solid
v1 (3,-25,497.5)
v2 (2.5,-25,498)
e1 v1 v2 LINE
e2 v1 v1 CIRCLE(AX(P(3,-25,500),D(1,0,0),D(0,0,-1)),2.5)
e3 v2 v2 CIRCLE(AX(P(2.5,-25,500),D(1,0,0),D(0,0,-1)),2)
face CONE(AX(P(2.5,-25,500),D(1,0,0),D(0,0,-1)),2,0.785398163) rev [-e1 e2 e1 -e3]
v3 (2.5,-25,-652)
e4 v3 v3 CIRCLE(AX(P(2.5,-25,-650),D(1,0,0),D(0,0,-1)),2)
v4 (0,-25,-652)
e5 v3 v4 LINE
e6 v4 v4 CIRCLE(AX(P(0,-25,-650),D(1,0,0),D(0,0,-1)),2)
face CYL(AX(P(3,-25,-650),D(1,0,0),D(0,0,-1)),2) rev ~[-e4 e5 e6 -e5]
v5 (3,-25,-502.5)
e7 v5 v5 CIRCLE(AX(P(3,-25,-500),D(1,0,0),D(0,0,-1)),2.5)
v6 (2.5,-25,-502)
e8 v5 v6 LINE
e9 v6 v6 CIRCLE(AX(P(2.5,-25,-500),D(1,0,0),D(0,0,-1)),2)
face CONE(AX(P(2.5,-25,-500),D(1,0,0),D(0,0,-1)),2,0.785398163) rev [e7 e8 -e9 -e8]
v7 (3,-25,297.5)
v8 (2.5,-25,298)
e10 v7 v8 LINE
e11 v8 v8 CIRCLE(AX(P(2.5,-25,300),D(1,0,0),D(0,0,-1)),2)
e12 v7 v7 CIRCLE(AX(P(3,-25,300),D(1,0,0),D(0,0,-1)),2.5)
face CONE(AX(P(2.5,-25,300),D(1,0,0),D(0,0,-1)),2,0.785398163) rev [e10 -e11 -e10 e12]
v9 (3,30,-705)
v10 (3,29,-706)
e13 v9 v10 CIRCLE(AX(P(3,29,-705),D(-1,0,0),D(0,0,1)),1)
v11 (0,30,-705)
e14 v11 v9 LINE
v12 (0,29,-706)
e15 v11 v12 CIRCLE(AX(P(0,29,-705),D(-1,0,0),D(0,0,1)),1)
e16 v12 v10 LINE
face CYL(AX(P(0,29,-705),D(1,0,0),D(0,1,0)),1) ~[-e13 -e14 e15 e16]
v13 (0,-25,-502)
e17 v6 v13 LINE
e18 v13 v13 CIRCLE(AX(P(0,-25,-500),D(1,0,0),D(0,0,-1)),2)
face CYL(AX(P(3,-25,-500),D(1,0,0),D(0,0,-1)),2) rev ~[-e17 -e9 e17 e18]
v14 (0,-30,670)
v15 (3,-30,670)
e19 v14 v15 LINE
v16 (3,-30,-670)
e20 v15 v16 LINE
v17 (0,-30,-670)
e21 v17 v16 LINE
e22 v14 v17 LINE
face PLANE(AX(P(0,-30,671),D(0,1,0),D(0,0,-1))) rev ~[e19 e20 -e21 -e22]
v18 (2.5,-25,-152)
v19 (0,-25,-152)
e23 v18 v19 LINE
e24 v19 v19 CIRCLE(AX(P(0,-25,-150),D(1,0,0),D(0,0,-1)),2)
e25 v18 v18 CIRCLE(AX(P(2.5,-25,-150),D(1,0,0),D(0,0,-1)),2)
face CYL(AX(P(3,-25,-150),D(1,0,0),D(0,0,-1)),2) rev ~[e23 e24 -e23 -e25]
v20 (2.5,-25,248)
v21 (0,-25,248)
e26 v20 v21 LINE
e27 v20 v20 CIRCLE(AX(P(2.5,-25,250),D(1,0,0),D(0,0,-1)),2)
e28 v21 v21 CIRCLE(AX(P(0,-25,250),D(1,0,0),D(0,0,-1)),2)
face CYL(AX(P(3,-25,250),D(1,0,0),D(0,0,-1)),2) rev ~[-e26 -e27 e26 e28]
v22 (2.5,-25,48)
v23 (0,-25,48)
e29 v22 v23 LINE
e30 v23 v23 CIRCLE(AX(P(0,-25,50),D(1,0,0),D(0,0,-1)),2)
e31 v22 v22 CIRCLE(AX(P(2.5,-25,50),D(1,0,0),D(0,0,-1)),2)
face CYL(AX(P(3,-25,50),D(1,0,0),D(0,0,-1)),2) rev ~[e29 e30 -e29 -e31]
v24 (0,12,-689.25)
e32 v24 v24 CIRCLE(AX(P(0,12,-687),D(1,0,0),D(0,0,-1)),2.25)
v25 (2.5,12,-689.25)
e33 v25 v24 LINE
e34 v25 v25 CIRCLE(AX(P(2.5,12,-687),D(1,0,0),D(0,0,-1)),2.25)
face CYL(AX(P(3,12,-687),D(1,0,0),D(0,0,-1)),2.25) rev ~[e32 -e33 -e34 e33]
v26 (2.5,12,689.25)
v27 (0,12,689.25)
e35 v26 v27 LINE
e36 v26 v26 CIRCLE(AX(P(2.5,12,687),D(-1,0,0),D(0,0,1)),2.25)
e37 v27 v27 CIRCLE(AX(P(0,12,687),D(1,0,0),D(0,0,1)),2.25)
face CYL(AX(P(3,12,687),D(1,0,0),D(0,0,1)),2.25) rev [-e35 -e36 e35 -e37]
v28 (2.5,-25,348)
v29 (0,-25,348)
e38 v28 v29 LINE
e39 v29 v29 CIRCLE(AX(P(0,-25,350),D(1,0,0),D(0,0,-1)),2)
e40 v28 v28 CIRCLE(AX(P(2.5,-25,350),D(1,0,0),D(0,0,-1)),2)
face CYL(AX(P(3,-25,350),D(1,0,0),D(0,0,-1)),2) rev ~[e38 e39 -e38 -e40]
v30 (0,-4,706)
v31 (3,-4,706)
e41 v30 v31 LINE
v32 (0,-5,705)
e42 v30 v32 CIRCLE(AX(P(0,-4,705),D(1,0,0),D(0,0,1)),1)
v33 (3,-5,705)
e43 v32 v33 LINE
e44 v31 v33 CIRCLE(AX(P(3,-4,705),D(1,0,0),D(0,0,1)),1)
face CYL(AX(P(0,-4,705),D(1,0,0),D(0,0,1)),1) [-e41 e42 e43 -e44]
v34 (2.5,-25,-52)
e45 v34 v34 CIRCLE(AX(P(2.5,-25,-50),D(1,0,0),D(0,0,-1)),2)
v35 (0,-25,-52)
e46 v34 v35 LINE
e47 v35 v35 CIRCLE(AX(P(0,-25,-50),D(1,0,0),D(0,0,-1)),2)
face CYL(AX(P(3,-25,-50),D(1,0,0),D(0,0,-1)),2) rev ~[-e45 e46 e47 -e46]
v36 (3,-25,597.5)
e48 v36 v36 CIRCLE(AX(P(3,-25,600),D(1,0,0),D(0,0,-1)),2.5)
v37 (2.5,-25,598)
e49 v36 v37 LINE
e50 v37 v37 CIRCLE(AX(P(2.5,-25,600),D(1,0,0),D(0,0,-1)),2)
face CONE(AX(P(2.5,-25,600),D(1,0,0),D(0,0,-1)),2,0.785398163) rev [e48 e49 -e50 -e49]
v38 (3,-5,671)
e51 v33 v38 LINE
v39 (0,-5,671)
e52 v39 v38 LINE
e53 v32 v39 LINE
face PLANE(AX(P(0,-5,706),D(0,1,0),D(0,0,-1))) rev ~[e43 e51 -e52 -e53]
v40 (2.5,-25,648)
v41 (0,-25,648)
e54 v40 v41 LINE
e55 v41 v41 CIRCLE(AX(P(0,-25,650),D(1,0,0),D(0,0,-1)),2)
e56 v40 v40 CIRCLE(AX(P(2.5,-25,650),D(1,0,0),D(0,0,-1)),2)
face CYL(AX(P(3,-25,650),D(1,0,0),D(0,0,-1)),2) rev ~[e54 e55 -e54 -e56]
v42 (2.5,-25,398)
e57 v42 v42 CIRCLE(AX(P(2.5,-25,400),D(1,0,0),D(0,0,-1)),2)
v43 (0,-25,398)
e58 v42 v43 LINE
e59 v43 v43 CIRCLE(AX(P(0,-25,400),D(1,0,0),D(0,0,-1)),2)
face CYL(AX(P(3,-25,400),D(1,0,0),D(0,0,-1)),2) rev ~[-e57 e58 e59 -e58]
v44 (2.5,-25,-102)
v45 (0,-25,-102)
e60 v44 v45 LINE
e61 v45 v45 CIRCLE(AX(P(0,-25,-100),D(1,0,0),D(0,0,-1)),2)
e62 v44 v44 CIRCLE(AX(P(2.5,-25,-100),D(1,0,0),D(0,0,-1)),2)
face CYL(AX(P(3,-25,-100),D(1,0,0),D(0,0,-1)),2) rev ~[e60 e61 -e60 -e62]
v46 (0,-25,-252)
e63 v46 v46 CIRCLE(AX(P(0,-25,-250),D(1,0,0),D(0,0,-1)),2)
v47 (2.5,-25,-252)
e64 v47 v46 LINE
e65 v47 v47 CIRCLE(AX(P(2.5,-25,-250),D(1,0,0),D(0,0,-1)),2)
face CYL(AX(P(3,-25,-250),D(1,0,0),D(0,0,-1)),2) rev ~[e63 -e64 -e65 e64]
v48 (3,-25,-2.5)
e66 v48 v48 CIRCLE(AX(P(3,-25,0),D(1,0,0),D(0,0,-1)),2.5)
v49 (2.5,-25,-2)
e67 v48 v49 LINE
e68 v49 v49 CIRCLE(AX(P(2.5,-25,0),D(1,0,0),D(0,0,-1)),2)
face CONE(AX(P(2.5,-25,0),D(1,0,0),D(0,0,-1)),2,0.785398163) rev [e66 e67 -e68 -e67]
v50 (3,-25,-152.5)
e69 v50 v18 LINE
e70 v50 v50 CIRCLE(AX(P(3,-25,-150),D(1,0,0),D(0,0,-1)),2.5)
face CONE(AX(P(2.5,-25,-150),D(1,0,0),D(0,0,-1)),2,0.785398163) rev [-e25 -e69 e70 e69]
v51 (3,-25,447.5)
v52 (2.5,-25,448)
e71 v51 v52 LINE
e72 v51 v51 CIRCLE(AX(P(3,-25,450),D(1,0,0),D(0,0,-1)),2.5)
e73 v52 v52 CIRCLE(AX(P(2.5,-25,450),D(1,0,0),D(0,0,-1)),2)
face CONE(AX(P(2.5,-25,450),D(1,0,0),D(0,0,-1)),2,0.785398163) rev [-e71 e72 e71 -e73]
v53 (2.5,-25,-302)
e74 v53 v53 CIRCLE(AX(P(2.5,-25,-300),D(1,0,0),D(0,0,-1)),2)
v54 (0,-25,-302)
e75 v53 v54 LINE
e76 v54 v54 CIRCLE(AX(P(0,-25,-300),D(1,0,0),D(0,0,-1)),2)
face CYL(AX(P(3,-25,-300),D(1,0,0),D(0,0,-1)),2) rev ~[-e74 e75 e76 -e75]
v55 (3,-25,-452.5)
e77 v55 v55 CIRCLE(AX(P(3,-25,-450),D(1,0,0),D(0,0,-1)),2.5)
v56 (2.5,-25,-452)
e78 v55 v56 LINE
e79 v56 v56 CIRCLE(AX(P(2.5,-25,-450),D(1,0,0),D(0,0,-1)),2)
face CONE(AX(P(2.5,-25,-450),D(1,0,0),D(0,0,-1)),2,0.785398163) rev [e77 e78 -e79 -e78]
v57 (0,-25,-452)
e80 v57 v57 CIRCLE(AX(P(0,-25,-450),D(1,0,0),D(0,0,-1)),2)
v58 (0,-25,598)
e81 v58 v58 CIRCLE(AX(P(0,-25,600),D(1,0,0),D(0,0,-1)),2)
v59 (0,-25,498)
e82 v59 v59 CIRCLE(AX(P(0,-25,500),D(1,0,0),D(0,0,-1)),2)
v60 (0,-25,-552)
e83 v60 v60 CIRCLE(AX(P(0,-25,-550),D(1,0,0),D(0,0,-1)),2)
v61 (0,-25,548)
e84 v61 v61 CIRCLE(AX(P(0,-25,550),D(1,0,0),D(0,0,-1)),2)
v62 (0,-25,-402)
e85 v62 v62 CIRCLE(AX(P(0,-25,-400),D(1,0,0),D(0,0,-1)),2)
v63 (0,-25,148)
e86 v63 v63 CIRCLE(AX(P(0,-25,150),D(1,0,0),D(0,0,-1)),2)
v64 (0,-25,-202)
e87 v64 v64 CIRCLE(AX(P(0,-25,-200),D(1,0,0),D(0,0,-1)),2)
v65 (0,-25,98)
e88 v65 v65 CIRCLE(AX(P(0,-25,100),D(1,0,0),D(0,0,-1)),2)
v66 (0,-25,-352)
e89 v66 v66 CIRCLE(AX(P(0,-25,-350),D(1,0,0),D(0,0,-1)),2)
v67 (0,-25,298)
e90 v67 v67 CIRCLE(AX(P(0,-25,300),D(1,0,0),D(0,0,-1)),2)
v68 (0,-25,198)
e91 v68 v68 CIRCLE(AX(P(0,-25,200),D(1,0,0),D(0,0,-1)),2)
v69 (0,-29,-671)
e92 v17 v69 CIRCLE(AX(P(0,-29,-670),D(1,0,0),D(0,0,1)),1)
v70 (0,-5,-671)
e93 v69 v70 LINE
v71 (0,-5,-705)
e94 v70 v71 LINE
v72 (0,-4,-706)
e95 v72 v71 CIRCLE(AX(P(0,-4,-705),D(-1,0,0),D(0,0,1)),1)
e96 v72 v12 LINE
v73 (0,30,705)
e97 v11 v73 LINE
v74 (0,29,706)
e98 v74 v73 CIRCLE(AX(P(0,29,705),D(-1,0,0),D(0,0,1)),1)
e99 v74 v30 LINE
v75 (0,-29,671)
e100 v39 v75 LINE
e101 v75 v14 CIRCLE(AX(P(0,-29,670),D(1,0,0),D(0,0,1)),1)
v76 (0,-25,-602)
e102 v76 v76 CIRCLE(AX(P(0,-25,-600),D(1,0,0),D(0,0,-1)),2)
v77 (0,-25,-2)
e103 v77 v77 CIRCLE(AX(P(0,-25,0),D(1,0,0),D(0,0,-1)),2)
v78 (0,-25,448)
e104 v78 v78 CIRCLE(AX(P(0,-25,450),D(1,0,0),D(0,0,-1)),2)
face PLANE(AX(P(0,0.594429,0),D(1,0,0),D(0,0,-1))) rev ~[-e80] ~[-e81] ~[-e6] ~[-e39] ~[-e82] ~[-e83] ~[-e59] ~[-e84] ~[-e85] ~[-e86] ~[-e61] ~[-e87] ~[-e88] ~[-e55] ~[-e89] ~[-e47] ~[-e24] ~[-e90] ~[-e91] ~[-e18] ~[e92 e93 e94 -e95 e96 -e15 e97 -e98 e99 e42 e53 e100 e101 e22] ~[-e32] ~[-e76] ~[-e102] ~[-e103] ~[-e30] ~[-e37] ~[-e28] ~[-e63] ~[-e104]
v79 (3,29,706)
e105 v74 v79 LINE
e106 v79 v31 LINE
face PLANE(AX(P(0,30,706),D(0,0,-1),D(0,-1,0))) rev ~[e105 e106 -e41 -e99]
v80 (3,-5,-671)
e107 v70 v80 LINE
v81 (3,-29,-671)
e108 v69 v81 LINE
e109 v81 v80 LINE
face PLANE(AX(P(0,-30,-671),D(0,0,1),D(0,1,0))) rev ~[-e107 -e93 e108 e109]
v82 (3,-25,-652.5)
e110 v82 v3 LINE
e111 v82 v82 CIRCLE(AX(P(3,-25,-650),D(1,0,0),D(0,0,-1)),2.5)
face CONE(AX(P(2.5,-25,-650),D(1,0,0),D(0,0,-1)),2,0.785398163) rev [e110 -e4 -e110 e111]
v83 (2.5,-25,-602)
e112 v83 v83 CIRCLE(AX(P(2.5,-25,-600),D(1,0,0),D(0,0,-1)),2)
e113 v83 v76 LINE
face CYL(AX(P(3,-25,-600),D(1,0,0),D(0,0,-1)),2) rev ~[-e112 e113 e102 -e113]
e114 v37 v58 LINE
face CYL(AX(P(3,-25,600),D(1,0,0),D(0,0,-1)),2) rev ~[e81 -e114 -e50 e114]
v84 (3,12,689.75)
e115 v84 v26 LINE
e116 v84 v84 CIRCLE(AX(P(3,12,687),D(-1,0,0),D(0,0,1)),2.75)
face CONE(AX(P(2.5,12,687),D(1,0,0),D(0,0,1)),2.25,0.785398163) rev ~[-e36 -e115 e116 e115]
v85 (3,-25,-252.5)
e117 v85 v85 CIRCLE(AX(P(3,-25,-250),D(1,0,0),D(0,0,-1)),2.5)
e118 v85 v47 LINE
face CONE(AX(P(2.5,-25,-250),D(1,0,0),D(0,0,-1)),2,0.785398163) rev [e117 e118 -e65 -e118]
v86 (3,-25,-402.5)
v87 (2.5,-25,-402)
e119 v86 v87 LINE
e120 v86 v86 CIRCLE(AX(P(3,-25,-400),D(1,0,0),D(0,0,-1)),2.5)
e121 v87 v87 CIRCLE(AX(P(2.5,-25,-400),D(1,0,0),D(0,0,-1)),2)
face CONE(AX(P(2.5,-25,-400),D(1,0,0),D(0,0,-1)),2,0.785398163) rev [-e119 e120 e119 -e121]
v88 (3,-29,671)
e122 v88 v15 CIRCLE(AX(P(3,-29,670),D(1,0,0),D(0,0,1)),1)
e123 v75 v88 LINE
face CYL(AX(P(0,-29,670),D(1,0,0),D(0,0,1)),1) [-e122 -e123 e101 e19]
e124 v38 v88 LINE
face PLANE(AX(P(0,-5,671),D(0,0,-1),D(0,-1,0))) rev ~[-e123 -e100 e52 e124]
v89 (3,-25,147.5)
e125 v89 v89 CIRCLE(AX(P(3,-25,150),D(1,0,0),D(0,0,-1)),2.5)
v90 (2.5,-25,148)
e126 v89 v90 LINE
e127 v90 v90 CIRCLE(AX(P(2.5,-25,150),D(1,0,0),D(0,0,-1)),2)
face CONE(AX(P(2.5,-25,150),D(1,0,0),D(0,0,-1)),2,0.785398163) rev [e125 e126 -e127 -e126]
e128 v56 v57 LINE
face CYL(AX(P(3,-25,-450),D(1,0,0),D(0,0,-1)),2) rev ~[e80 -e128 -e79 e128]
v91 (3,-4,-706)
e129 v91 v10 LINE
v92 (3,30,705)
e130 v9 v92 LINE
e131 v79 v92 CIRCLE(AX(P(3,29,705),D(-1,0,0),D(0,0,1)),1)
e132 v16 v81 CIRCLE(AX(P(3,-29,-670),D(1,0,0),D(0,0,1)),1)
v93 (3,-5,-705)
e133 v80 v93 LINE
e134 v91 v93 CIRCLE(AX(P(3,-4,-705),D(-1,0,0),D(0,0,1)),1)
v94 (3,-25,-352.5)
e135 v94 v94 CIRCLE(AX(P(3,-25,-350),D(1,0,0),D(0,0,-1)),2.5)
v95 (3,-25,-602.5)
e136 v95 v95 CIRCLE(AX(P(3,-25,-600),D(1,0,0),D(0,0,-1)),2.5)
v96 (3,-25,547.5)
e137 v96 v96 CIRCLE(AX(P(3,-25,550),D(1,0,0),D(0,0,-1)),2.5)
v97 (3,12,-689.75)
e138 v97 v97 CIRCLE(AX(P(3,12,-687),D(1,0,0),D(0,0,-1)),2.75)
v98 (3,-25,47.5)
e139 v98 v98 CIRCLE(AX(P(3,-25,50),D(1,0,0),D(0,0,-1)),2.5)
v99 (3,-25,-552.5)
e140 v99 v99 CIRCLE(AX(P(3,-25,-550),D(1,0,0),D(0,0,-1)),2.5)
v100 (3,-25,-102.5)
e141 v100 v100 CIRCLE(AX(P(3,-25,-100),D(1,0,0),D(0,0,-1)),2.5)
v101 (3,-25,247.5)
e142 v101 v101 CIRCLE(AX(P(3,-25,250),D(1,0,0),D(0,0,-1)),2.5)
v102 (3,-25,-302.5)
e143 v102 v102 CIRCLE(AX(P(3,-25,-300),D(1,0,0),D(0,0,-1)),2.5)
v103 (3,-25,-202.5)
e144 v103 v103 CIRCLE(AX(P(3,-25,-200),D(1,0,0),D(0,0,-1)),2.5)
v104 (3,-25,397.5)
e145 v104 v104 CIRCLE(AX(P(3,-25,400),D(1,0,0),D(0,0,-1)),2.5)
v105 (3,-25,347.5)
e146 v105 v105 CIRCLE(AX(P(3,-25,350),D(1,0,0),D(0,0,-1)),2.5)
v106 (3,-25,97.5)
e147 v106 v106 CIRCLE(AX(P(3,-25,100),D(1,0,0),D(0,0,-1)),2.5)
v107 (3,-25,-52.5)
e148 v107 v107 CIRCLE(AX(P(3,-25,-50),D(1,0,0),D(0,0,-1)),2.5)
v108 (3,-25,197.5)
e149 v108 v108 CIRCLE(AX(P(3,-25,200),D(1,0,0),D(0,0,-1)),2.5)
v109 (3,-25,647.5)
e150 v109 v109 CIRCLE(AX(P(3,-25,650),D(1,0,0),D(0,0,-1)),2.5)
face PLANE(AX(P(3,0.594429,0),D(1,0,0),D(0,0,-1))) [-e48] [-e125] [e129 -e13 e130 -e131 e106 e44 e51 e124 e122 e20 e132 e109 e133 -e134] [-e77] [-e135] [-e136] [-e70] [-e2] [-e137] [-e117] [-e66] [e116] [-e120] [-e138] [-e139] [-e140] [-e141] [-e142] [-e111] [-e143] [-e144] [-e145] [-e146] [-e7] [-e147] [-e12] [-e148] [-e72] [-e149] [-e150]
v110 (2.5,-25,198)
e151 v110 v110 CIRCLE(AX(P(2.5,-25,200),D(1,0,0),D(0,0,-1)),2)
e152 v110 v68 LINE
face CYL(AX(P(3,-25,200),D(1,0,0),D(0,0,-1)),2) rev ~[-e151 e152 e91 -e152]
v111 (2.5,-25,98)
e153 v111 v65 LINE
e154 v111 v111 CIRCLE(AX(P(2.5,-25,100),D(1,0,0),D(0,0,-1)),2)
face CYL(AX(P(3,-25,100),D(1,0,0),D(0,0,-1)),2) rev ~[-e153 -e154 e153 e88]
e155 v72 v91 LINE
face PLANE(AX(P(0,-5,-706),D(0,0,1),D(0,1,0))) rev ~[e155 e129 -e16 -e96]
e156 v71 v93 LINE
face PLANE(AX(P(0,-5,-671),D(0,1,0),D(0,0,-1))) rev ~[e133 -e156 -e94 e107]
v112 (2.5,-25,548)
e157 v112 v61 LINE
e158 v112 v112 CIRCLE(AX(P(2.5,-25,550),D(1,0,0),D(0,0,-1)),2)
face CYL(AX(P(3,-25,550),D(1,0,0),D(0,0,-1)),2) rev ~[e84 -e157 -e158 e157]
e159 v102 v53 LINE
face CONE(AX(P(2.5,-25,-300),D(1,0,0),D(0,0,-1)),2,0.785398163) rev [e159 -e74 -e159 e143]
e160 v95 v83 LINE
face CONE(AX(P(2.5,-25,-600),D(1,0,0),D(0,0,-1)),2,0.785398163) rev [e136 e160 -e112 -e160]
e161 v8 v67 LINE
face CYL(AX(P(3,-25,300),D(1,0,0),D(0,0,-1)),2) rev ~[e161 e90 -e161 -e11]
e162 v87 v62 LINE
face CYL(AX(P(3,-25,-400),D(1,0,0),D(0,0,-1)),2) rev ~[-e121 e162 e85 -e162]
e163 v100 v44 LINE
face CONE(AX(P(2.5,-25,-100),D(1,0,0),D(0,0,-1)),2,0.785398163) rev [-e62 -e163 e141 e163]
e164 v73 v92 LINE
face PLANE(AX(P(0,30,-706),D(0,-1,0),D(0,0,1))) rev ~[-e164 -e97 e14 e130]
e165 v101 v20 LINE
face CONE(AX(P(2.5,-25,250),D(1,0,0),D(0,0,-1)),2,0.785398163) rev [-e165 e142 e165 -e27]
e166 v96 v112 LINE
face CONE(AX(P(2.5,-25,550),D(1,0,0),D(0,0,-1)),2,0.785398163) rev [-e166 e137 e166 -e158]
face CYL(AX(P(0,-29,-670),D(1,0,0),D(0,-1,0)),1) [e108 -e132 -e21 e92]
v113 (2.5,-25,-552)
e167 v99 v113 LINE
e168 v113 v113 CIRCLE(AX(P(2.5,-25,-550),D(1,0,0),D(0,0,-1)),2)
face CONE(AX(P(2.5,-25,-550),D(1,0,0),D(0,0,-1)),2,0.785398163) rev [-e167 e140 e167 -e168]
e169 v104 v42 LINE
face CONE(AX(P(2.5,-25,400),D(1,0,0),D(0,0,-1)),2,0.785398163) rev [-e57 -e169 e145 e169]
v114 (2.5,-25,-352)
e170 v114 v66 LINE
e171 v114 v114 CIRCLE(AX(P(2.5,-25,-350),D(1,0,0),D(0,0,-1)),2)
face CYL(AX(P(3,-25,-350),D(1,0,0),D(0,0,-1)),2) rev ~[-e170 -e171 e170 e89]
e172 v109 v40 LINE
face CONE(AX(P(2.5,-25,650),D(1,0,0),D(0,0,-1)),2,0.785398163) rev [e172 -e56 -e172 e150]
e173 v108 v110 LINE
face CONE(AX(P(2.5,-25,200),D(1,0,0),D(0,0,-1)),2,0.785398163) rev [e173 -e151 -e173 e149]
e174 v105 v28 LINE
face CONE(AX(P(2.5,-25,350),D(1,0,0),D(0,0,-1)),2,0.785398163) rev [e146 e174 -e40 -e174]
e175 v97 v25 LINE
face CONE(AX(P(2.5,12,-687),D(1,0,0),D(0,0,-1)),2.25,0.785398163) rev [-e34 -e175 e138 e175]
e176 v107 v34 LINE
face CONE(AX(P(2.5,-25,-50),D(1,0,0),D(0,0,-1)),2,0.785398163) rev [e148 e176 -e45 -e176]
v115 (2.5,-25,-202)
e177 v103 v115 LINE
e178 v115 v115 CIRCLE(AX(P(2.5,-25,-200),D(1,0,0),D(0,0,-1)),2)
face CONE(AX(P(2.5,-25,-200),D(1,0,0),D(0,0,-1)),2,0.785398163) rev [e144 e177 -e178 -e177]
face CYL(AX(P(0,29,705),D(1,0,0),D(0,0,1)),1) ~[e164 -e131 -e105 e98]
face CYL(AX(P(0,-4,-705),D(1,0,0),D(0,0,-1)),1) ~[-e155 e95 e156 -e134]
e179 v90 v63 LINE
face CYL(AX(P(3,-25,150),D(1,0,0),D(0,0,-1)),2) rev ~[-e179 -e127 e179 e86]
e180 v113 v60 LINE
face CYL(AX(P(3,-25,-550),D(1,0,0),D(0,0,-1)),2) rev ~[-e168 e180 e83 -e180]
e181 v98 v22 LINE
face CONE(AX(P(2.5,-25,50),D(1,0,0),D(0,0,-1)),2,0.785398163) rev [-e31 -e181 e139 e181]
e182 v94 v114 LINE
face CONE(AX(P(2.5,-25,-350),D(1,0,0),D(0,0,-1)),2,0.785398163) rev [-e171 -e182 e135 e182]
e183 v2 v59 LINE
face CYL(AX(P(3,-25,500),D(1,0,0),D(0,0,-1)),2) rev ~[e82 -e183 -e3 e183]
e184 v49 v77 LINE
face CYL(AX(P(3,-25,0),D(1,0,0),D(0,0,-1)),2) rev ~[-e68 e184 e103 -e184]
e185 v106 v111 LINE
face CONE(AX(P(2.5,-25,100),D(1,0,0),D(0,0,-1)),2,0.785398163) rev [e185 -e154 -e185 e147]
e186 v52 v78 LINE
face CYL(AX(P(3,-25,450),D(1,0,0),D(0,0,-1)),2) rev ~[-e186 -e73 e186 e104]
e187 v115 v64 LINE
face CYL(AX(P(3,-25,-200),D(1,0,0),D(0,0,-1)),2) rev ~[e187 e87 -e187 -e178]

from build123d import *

# Parameters (mm, degrees)
BOSS_EXTRUDE1_DEPTH            = 3
SKETCH2_R                      = 2
CUT_EXTRUDE1_DEPTH             = 3
CHAMFER1_SIZE                  = 0.5
LPATTERN1_COUNT                = 14
LPATTERN1_PITCH                = 50
CHAMFER1_OF_LPATTERN1_SIZE     = 0.5
LPATTERN1_COL_COUNT            = 14
LPATTERN1_COL_PITCH            = 50
CHAMFER1_OF_LPATTERN1_COL_SIZE = 0.5
FILLET1_R                      = 1
SKETCH3_R                      = 2.25
CUT_EXTRUDE2_DEPTH             = 10
CHAMFER2_SIZE                  = 0.5
CHAMFER2_OF_MIRROR1_SIZE       = 0.5


with BuildPart() as part:
    # Sketch1 → Boss-Extrude1 (new body)
    with BuildSketch(Plane(origin=(0, 0, 0), x_dir=(0, 0, -1), z_dir=(1, 0, 0))):
        Polygon((-706, 30), (-706, -5), (-671, -5), (-671, -30), (671, -30), (671, -5), (706, -5), (706, 30), align=None)
    extrude(amount=BOSS_EXTRUDE1_DEPTH)

    # Sketch2 → Cut-Extrude1 (cut)
    with BuildSketch(Plane(origin=(3, 0, 0), x_dir=(0, 0, -1), z_dir=(1, 0, 0))):
        with Locations((0, -25)):
            Circle(SKETCH2_R)
    cut_extrude1 = extrude(amount=-CUT_EXTRUDE1_DEPTH, mode=Mode.SUBTRACT)

    # Chamfer1
    chamfer1_edges = [part.edges().sort_by_distance(p)[0] for p in [
        (3, -25, 2),
    ]]
    chamfer(chamfer1_edges, length=CHAMFER1_SIZE)

    # LPattern1: Cut-Extrude1 ×14
    with Locations(*[(0, 0, i * LPATTERN1_PITCH) for i in range(1, LPATTERN1_COUNT)]):
        add(cut_extrude1, mode=Mode.SUBTRACT)

    # Chamfer1 of LPattern1
    chamfer1_of_lpattern1_edges = [part.edges().sort_by_distance(p)[0] for p in [
        (3, -25, 52),
        (3, -25, 102),
        (3, -25, 152),
        (3, -25, 202),
        (3, -25, 252),
        (3, -25, 302),
        (3, -25, 352),
        (3, -25, 402),
        (3, -25, 452),
        (3, -25, 502),
        (3, -25, 552),
        (3, -25, 602),
        (3, -25, 652),
    ]]
    chamfer(chamfer1_of_lpattern1_edges, length=CHAMFER1_OF_LPATTERN1_SIZE)

    # LPattern1 col: Cut-Extrude1 ×14
    with Locations(*[(0, 0, -i * LPATTERN1_COL_PITCH) for i in range(1, LPATTERN1_COL_COUNT)]):
        add(cut_extrude1, mode=Mode.SUBTRACT)

    # Chamfer1 of LPattern1 col
    chamfer1_of_lpattern1_col_edges = [part.edges().sort_by_distance(p)[0] for p in [
        (3, -25, -48),
        (3, -25, -98),
        (3, -25, -148),
        (3, -25, -198),
        (3, -25, -248),
        (3, -25, -298),
        (3, -25, -348),
        (3, -25, -398),
        (3, -25, -448),
        (3, -25, -498),
        (3, -25, -548),
        (3, -25, -598),
        (3, -25, -648),
    ]]
    chamfer(chamfer1_of_lpattern1_col_edges, length=CHAMFER1_OF_LPATTERN1_COL_SIZE)

    # Fillet1
    fillet1_edges = [part.edges().sort_by_distance(p)[0] for p in [
        (1.5, -5, -706),
        (1.5, -30, -671),
        (1.5, -30, 671),
        (1.5, -5, 706),
        (1.5, 30, 706),
        (1.5, 30, -706),
    ]]
    fillet(fillet1_edges, radius=FILLET1_R)

    # Sketch3 → Cut-Extrude2 (cut)
    with BuildSketch(Plane(origin=(3, 0, 0), x_dir=(0, 0, -1), z_dir=(1, 0, 0))):
        with Locations((687, 12)):
            Circle(SKETCH3_R)
    cut_extrude2 = extrude(amount=-CUT_EXTRUDE2_DEPTH, mode=Mode.SUBTRACT)

    # Chamfer2
    chamfer2_edges = [part.edges().sort_by_distance(p)[0] for p in [
        (3, 12, -684.75),
    ]]
    chamfer(chamfer2_edges, length=CHAMFER2_SIZE)

    # Mirror1: Cut-Extrude2 across plane
    add(cut_extrude2.mirror(Plane.XY), mode=Mode.SUBTRACT)

    # Chamfer2 of Mirror1
    chamfer2_of_mirror1_edges = [part.edges().sort_by_distance(p)[0] for p in [
        (3, 12, 684.75),
    ]]
    chamfer(chamfer2_of_mirror1_edges, length=CHAMFER2_OF_MIRROR1_SIZE)


solid = part.part
